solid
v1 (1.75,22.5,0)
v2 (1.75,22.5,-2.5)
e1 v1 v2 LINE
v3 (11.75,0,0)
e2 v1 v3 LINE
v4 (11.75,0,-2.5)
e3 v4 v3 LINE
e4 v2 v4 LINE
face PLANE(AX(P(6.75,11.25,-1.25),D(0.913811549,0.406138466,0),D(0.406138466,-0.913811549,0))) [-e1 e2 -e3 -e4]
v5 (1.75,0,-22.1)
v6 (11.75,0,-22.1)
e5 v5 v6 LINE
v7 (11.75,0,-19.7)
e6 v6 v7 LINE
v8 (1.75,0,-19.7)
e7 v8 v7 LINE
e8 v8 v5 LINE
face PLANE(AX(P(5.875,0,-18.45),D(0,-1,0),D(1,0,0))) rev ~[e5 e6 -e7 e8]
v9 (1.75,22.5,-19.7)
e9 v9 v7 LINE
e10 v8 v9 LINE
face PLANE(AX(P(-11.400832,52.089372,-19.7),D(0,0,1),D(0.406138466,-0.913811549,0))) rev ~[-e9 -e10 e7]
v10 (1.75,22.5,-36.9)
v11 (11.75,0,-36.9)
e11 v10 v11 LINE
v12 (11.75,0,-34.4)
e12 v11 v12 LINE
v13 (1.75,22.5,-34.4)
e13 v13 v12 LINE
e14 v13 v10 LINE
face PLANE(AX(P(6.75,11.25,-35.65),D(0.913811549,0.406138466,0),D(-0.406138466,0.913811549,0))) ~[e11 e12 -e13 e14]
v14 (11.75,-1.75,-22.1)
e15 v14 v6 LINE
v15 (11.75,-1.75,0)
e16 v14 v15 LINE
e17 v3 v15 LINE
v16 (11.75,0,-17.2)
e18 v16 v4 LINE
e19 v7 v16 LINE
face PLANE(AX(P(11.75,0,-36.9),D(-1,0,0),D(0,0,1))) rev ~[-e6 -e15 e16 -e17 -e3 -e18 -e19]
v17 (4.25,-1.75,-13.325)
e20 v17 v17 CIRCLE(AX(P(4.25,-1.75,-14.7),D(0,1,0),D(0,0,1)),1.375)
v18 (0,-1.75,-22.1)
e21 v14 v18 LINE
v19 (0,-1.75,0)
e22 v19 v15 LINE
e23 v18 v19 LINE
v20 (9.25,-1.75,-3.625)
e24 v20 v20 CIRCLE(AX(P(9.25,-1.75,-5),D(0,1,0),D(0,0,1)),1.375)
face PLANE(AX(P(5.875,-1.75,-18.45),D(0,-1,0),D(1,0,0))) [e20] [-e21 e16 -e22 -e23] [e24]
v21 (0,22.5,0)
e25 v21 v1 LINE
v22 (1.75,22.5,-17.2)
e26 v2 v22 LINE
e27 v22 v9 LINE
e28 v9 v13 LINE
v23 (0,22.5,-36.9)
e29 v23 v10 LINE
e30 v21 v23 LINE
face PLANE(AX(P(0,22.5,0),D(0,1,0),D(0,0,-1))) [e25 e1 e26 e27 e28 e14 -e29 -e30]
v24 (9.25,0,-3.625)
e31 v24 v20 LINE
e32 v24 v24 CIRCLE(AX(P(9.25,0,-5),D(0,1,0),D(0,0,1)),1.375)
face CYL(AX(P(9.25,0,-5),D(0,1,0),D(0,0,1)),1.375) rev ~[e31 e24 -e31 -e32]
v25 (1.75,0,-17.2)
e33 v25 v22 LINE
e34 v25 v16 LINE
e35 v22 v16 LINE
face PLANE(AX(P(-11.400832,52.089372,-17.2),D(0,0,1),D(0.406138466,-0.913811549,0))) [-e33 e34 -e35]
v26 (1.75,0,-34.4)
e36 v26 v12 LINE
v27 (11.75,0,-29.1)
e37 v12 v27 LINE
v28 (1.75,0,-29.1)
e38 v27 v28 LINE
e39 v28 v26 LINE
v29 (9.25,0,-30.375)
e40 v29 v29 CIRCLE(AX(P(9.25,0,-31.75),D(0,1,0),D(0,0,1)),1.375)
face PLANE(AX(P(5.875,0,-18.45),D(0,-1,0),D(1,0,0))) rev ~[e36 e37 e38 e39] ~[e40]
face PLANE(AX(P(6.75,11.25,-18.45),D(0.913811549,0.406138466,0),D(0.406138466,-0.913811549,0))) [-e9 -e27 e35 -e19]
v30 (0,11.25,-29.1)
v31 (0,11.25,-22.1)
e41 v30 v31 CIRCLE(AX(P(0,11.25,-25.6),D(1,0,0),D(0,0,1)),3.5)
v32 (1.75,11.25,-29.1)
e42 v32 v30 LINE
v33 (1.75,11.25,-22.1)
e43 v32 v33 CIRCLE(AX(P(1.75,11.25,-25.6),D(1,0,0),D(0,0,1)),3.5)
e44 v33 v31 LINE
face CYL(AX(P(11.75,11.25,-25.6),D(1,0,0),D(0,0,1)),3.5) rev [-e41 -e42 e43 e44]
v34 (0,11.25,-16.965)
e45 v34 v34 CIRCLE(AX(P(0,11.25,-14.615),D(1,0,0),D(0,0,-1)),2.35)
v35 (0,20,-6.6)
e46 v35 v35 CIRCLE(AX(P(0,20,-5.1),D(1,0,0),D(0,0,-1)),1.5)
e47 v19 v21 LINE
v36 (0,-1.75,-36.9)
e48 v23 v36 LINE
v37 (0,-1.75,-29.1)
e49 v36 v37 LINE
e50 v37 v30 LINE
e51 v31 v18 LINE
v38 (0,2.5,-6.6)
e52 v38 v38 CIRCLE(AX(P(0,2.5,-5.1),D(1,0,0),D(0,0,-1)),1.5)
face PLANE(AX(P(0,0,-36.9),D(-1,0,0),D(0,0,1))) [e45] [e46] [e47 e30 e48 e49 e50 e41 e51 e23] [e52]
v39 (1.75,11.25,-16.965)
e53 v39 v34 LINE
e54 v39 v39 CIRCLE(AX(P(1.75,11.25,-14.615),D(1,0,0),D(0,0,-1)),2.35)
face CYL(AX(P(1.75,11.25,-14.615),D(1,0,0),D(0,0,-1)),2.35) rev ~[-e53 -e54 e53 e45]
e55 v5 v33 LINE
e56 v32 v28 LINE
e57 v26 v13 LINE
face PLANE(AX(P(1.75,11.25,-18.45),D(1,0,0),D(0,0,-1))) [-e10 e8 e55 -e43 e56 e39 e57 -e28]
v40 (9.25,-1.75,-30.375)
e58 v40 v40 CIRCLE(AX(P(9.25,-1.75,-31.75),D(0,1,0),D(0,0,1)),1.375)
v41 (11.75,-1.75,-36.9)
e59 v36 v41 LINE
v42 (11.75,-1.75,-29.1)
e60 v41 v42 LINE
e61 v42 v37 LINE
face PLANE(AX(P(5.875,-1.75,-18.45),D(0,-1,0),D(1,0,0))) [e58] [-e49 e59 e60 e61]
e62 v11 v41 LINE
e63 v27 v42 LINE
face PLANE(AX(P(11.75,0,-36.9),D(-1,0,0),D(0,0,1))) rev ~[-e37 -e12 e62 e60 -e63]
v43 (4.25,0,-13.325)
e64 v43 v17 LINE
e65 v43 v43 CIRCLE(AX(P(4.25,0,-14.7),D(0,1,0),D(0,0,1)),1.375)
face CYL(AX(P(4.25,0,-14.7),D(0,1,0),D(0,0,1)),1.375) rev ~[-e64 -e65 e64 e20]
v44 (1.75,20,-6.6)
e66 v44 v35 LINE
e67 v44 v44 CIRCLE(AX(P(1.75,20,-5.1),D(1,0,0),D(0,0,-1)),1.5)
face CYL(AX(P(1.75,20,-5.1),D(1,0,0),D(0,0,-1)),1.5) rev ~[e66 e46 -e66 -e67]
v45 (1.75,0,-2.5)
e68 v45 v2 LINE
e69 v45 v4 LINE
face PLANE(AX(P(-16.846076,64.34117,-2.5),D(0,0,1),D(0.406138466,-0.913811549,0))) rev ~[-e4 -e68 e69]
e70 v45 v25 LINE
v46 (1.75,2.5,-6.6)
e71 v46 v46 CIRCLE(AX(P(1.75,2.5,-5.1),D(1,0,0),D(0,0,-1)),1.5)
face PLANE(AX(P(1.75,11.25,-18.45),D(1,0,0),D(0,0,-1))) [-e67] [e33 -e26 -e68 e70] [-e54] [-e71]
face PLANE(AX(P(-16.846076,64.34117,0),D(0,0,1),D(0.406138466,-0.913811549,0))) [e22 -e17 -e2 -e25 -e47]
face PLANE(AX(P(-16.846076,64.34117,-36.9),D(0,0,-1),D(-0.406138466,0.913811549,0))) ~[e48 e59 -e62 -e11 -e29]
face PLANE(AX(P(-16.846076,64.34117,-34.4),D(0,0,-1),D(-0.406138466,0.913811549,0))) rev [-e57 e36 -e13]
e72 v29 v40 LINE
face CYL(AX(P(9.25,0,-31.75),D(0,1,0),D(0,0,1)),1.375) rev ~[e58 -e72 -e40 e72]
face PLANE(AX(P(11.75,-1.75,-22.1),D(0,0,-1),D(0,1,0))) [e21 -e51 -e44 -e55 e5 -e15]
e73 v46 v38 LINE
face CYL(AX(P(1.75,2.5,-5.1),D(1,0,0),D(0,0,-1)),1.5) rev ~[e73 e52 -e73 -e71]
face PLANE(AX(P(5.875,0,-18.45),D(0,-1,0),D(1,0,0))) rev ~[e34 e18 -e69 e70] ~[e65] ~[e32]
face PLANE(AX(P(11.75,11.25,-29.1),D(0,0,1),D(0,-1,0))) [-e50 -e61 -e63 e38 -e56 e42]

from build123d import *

# Parameters (mm, degrees)
SKETCH1_W                   = 36.9
SKETCH1_H                   = 22.5
BASEPLATE_DEPTH             = 1.75
SKETCH2_W                   = 11.75
SKETCH2_H                   = 36.9
BOSS_EXTRUDE2_DEPTH         = 1.75
SUPPORT1_REACH              = 46.788
SKETCH3_WALL_W              = 116.197196834
SKETCH3_WALL_H              = 2.5
SUPPORT3_REACH              = 33.38
SKETCH4_WALL_W              = 89.382482298
SKETCH4_WALL_H              = 2.5
SKETCH5_R                   = 1.5
MOTOR_MOUNTINGHOLES_DEPTH   = 45.360568076
SHAFTSLOT_DEPTH             = 45.787526165
SKETCH8_R                   = 1.375
CHASSIS_MOUNTINGHOLES_DEPTH = 45.787526165
SKETCH9_R                   = 2.35
INDENTHOLE_DEPTH            = 10


with BuildPart() as part:
    # Sketch1 → basePlate (new body)
    with BuildSketch(Plane(origin=(0, 0, 0), x_dir=(0, 0, -1), z_dir=(1, 0, 0))):
        with Locations((18.45, 11.25)):
            Rectangle(SKETCH1_W, SKETCH1_H)
    extrude(amount=BASEPLATE_DEPTH)

    # Sketch2 → Boss-Extrude2 (add)
    with BuildSketch(Plane.XZ):
        with Locations((5.875, -18.45)):
            Rectangle(SKETCH2_W, SKETCH2_H)
    extrude(amount=BOSS_EXTRUDE2_DEPTH)

    # Sketch3 wall → support1 (add, up to next)
    with BuildSketch(Plane(origin=(6.75, 11.25, 0), x_dir=(0.406138466053, -0.91381154862, 0), z_dir=(0.91381154862, 0.406138466053, 0)), mode=Mode.PRIVATE) as support1_sk1:
        with Locations((0, 1.25)):
            Rectangle(SKETCH3_WALL_W, SKETCH3_WALL_H)
    support1_tool1 = extrude(support1_sk1.sketch, amount=-SUPPORT1_REACH, mode=Mode.PRIVATE) - part.part
    support1 = support1_tool1.solids().sort_by_distance((6.75, 11.25, 0))[0]
    add(support1)

    # support2: support1 across plane
    add(support1.mirror(Plane.XY.offset(-18.45)))

    # Sketch4 wall → support3 (add, up to next)
    with BuildSketch(Plane(origin=(6.75, 11.25, -18.45), x_dir=(0.406138466053, -0.91381154862, 0), z_dir=(0.91381154862, 0.406138466053, 0)), mode=Mode.PRIVATE) as support3_sk1:
        Rectangle(SKETCH4_WALL_W, SKETCH4_WALL_H)
    support3_tool1 = extrude(support3_sk1.sketch, amount=-SUPPORT3_REACH, mode=Mode.PRIVATE) - part.part
    add(support3_tool1.solids().sort_by_distance((6.75, 11.25, -18.45))[0])

    # Sketch5 → motor_mountingHoles (cut, through all)
    with BuildSketch(Plane(origin=(1.75, 0, 0), x_dir=(0, 0, -1), z_dir=(1, 0, 0))):
        with Locations((5.1, 2.5)):
            Circle(SKETCH5_R)
        with Locations((5.1, 20)):
            Circle(SKETCH5_R)
    extrude(amount=-MOTOR_MOUNTINGHOLES_DEPTH, mode=Mode.SUBTRACT)

    # Sketch7 → shaftSlot (cut, through all)
    with BuildSketch(Plane(origin=(11.75, 0, 0), x_dir=(0, 0, -1), z_dir=(1, 0, 0))):
        with BuildLine():
            Line((22.1, -1.75), (22.1, 11.25))
            ThreePointArc((22.1, 11.25), (25.6, 14.75), (29.1, 11.25))
            Line((29.1, 11.25), (29.1, -1.75))
            Line((29.1, -1.75), (22.1, -1.75))
        make_face()
    extrude(amount=-SHAFTSLOT_DEPTH, mode=Mode.SUBTRACT)

    # Sketch8 → chassis_mountingHoles (cut, through all)
    with BuildSketch(Plane(origin=(0, 0, 0), x_dir=(1, 0, 0), z_dir=(0, 1, 0))):
        with Locations(Location((9.25, 5, 0), (0, 0, 270))):
            Circle(SKETCH8_R)
        with Locations(Location((4.25, 14.7, 0), (0, 0, 270))):
            Circle(SKETCH8_R)
        with Locations(Location((9.25, 31.75, 0), (0, 0, 270))):
            Circle(SKETCH8_R)
    extrude(amount=-CHASSIS_MOUNTINGHOLES_DEPTH, mode=Mode.SUBTRACT)

    # Sketch9 → indentHole (cut)
    with BuildSketch(Plane(origin=(1.75, 0, 0), x_dir=(0, 0, -1), z_dir=(1, 0, 0))):
        with Locations((14.615, 11.25)):
            Circle(SKETCH9_R)
    extrude(amount=-INDENTHOLE_DEPTH, mode=Mode.SUBTRACT)


solid = part.part
